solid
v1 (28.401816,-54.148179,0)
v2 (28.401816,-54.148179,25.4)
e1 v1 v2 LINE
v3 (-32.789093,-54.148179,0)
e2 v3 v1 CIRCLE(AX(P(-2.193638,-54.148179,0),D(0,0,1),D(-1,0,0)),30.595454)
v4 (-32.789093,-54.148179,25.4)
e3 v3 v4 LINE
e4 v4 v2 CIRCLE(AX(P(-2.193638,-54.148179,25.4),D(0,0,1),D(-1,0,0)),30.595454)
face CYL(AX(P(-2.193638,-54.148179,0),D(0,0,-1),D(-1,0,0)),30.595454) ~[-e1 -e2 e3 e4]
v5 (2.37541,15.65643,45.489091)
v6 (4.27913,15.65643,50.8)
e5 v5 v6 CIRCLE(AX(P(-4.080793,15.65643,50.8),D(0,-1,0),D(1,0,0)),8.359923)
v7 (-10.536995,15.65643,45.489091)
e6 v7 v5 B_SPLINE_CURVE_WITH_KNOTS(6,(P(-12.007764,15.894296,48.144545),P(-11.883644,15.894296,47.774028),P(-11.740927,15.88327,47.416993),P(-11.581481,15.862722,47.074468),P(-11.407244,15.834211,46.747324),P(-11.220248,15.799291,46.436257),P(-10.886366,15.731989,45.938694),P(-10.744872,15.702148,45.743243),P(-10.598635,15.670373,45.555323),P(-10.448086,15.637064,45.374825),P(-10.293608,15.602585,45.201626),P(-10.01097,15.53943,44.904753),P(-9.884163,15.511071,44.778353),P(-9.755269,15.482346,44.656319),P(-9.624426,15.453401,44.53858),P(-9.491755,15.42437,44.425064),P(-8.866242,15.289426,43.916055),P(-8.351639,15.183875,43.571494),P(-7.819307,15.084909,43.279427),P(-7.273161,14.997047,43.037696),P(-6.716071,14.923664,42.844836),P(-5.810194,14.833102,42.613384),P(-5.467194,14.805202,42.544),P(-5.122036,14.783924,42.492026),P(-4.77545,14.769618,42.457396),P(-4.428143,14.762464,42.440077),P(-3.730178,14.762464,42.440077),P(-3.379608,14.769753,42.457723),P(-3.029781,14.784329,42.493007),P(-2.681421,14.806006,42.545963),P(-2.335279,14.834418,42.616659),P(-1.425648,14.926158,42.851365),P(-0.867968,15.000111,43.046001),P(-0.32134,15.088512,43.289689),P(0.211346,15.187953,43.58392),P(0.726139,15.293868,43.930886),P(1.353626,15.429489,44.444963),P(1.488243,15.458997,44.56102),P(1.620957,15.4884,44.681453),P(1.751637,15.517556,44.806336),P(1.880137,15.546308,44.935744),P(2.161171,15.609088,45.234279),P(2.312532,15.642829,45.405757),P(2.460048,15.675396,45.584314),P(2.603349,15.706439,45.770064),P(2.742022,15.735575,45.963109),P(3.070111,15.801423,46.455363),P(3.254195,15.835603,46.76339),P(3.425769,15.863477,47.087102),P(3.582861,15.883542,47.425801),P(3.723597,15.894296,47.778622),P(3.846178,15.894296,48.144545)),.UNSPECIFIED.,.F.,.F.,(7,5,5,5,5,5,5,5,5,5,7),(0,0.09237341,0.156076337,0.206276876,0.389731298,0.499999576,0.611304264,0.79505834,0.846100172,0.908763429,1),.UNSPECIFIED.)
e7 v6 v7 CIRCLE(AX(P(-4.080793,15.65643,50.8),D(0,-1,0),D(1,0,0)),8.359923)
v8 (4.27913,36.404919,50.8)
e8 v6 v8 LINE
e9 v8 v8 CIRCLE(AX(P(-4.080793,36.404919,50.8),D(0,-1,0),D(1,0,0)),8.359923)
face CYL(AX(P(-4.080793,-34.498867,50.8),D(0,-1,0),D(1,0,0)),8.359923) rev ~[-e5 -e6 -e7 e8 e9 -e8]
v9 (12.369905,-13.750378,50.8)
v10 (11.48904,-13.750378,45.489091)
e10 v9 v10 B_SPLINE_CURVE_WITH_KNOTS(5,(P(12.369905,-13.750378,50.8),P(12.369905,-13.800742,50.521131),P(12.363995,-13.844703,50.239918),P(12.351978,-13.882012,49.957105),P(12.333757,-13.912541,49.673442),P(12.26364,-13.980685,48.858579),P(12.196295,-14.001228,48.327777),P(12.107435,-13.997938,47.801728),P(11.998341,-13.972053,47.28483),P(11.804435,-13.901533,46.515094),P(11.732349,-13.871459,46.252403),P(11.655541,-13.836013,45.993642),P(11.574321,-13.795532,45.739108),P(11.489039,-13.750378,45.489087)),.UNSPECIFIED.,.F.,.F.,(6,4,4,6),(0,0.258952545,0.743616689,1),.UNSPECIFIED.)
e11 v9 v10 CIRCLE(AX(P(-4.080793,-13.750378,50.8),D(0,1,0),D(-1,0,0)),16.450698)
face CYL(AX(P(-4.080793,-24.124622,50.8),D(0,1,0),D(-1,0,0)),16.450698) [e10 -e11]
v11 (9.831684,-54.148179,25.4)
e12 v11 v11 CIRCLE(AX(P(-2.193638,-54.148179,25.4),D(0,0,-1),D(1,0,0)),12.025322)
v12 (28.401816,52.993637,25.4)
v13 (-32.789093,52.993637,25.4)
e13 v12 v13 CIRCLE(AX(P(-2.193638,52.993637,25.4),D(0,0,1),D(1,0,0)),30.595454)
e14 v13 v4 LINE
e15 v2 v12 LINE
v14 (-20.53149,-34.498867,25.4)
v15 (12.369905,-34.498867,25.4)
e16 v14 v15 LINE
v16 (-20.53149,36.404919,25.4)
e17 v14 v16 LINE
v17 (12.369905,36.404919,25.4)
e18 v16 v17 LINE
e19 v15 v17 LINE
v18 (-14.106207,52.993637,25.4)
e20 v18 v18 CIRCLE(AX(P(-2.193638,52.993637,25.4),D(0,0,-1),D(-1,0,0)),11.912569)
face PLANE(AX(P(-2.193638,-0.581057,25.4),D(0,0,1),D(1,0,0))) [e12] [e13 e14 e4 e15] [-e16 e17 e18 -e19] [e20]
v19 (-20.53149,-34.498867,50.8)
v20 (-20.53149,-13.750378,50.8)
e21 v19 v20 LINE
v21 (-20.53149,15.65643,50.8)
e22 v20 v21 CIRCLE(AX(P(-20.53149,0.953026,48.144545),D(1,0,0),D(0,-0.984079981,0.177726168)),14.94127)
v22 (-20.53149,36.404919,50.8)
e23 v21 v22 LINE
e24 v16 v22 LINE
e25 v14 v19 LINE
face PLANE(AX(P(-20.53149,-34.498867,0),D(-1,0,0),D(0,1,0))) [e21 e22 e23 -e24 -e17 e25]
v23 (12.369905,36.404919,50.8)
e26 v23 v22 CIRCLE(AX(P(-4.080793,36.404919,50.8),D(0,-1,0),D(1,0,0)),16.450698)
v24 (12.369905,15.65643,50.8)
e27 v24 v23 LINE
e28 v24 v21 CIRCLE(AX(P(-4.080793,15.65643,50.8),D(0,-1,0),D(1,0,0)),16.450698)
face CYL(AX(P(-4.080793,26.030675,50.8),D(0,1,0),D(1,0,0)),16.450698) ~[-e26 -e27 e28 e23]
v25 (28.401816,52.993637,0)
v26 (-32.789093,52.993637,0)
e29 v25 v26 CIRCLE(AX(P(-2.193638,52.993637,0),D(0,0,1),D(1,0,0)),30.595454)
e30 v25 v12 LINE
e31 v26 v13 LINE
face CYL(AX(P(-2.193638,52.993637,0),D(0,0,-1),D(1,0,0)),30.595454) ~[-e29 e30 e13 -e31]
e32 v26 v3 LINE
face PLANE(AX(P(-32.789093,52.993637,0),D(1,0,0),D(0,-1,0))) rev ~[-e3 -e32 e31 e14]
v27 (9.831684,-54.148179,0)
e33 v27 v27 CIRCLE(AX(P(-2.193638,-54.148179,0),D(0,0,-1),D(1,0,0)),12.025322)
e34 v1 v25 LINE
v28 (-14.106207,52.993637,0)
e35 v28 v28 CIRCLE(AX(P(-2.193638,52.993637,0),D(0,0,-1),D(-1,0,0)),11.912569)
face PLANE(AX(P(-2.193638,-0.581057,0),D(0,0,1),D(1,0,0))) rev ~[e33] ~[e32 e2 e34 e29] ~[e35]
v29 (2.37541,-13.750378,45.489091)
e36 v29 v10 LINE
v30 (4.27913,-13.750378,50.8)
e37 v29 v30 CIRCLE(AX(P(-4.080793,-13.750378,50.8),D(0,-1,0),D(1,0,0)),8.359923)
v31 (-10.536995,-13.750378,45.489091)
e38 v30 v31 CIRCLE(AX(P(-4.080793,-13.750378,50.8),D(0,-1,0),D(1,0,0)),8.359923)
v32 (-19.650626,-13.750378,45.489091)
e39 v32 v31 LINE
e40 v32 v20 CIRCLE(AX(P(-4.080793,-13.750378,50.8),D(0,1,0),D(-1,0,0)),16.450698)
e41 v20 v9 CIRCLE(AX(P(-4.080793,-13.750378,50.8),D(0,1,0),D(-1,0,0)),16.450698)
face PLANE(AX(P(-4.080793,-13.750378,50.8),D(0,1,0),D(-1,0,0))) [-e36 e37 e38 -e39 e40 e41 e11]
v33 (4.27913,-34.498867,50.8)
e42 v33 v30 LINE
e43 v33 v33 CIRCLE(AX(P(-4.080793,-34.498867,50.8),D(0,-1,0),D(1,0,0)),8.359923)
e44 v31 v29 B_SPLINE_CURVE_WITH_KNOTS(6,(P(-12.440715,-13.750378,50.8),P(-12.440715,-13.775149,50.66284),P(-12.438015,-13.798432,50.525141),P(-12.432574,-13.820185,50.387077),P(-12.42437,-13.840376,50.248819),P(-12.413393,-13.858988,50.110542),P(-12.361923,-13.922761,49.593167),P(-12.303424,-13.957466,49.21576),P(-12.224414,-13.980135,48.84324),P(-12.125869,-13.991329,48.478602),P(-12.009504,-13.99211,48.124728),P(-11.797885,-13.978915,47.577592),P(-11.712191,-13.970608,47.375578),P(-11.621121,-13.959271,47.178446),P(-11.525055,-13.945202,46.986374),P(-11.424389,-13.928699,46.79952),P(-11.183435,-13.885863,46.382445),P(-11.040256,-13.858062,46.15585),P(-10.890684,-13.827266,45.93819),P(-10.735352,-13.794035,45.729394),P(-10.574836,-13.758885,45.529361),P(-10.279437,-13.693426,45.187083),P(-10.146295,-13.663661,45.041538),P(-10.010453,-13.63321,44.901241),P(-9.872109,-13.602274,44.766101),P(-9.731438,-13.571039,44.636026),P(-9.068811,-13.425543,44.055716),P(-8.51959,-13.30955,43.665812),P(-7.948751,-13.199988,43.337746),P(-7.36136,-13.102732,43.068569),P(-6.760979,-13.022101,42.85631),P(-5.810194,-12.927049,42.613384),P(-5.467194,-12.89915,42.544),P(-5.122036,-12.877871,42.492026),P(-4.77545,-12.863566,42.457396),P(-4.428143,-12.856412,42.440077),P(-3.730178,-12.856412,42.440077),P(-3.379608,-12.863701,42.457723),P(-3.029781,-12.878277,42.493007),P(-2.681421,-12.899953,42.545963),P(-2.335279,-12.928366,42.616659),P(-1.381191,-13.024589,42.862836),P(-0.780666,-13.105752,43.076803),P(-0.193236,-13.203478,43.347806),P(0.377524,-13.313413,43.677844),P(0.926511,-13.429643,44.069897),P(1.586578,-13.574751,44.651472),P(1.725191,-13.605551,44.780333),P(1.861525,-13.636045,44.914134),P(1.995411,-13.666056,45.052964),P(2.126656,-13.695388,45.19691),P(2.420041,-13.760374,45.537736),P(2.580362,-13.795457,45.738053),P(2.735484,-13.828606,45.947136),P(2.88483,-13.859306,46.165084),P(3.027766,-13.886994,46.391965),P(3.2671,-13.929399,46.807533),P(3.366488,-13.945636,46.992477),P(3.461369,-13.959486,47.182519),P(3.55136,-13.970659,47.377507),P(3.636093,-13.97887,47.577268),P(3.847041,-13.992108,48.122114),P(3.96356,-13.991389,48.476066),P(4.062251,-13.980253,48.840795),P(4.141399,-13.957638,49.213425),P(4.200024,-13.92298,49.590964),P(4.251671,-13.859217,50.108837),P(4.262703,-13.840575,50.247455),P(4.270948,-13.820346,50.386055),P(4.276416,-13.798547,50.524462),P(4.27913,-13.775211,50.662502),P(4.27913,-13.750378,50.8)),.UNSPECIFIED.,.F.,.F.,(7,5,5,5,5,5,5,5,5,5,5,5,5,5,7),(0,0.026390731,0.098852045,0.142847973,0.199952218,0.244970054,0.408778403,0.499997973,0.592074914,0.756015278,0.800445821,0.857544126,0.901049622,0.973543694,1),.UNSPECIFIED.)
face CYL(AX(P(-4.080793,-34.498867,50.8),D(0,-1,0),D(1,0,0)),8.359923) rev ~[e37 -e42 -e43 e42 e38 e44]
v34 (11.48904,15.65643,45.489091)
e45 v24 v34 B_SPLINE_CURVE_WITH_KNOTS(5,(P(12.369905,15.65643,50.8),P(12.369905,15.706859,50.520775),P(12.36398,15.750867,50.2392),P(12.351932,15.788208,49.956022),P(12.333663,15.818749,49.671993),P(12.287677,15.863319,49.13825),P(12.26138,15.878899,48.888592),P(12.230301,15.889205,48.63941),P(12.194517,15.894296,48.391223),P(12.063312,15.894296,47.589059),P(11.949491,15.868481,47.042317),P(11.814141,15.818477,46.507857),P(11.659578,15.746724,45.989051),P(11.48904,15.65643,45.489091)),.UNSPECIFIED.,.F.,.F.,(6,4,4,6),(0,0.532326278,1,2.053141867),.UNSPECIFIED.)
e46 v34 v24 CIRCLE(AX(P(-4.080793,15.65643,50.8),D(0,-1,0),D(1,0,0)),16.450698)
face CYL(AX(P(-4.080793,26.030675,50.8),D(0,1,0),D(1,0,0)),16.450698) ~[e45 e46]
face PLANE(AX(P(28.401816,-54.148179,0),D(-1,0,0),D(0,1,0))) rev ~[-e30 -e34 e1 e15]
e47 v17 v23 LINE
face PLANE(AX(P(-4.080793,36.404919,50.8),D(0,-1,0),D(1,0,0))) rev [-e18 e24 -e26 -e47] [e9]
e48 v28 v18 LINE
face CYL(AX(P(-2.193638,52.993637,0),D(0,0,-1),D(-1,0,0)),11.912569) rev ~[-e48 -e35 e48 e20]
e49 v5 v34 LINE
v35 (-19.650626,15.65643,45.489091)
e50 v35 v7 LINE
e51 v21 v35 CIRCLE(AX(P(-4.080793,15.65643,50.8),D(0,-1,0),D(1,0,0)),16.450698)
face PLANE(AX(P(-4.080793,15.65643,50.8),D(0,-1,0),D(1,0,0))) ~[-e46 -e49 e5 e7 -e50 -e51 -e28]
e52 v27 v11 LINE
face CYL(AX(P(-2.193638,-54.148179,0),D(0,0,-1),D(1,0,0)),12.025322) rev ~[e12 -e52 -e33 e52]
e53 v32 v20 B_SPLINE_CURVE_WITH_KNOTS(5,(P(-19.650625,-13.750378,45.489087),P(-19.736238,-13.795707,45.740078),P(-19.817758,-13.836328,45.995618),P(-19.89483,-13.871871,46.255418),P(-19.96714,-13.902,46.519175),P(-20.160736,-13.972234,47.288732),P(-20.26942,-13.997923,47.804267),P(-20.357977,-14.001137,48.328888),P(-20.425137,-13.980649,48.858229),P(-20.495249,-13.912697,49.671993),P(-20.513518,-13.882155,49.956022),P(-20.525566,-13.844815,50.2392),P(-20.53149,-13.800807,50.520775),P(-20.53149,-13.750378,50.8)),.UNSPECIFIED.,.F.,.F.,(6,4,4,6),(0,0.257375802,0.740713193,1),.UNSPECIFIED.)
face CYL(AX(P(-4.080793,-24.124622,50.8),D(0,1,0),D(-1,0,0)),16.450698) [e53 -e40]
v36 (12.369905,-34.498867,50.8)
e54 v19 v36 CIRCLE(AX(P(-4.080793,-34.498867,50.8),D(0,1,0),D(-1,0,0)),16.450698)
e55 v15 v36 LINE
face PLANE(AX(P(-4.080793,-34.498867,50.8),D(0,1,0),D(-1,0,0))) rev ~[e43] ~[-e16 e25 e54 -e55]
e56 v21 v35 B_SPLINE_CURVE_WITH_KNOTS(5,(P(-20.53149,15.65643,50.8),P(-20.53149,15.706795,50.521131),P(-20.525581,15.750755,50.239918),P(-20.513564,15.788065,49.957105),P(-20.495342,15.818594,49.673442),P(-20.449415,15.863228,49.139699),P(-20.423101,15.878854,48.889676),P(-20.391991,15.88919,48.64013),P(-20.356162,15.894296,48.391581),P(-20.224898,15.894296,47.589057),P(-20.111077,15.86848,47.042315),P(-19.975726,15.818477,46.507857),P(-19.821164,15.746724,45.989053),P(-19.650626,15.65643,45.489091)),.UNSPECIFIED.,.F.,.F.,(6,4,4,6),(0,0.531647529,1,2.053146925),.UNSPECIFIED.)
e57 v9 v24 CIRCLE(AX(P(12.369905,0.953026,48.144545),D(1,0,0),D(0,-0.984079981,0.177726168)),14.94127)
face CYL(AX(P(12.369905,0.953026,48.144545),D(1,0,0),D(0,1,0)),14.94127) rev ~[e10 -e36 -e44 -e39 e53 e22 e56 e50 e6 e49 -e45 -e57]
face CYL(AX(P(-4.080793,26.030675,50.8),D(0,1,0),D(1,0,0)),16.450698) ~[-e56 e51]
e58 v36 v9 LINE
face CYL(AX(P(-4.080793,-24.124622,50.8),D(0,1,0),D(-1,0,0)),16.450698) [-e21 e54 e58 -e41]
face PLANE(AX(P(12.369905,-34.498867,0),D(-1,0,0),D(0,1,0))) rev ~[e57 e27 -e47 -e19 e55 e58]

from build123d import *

# Parameters (mm, degrees)
F0_W      = 32.9013951123
F0_H      = 70.9037855268
F1_DEPTH  = 25.4
F2_DEPTH  = 50.8
F3_R      = 14.9412695824
F4_DEPTH  = 76.2
F5_W      = 16.4506975561
F5_H      = 20.7484884761
F7_W      = 16.4506975561
F7_H      = 20.7484884761
F9_R      = 8.3599226064
F10_DEPTH = 508


with BuildPart() as f1:
    # F0 (on Top) → F1 (new body)
    with BuildSketch(Plane.XY):
        with BuildLine():
            Line((28.4018162638, 52.9936365783), (9.7189312353, 52.9936365783))
            ThreePointArc((9.7189312353, 52.9936365783), (-2.1936381236, 41.0810672195), (-14.1062074824, 52.9936365783))
            Line((-14.1062074824, 52.9936365783), (-32.7890925109, 52.9936365783))
            Line((-32.7890925109, 52.9936365783), (-32.7890925109, -54.1481785476))
            Line((-32.7890925109, -54.1481785476), (-14.2189597558, -54.1481785476))
            ThreePointArc((-14.2189597558, -54.1481785476), (-2.1936381236, -42.1228569154), (9.8316835087, -54.1481785476))
            Line((9.8316835087, -54.1481785476), (28.4018162638, -54.1481785476))
            Line((28.4018162638, -54.1481785476), (28.4018162638, 52.9936365783))
        make_face()
        with Locations((-4.080792889, 0.9530261159)):
            Rectangle(F0_W, F0_H, mode=Mode.SUBTRACT)
        with BuildLine():
            ThreePointArc((-14.1062074824, 52.9936365783), (-2.1936381236, 64.9062059372), (9.7189312353, 52.9936365783))
            Line((9.7189312353, 52.9936365783), (28.4018162638, 52.9936365783))
            ThreePointArc((28.4018162638, 52.9936365783), (-2.1936381236, 83.5890909657), (-32.7890925109, 52.9936365783))
            Line((-32.7890925109, 52.9936365783), (-14.1062074824, 52.9936365783))
        make_face()
        with BuildLine():
            ThreePointArc((-32.7890925109, -54.1481785476), (-2.1936381236, -84.743632935), (28.4018162638, -54.1481785476))
            Line((28.4018162638, -54.1481785476), (9.8316835087, -54.1481785476))
            ThreePointArc((9.8316835087, -54.1481785476), (-2.1936381236, -66.1735001799), (-14.2189597558, -54.1481785476))
            Line((-14.2189597558, -54.1481785476), (-32.7890925109, -54.1481785476))
        make_face()
    extrude(amount=F1_DEPTH)

    # F0 (on Top) → F2 (join)
    with BuildSketch(Plane.XY):
        with Locations((-4.080792889, 0.9530261159)):
            Rectangle(F0_W, F0_H)
    extrude(amount=F2_DEPTH)

    # F3 (on face) → F4 (cut)
    with BuildSketch(Plane.YZ.offset(12.3699046671)):
        with Locations((0.9530261159, 48.1445454061)):
            Circle(F3_R)
    extrude(amount=-F4_DEPTH, mode=Mode.SUBTRACT)

    # F5 (on face) → F6 (revolve)
    with BuildSketch(Plane.XY.offset(50.8)):
        with Locations((4.1445558891, 26.0306746412)):
            Rectangle(F5_W, F5_H)
    revolve(axis=Axis((-4.080792889, 26.0306746412, 50.8), (0, -1, 0)))

    # F7 (on face) → F8 (revolve)
    with BuildSketch(Plane.XY.offset(50.8)):
        with Locations((-12.3061416671, -24.1246224094)):
            Rectangle(F7_W, F7_H)
    revolve(axis=Axis((-4.080792889, -24.1246224094, 50.8), (0, 1, 0)))

    # F9 (on face) → F10 (cut)
    with BuildSketch(Plane.XZ.offset(34.4988666475)):
        with Locations((-4.080792889, 50.8)):
            Circle(F9_R)
    extrude(amount=-F10_DEPTH, mode=Mode.SUBTRACT)


solid = f1.part
